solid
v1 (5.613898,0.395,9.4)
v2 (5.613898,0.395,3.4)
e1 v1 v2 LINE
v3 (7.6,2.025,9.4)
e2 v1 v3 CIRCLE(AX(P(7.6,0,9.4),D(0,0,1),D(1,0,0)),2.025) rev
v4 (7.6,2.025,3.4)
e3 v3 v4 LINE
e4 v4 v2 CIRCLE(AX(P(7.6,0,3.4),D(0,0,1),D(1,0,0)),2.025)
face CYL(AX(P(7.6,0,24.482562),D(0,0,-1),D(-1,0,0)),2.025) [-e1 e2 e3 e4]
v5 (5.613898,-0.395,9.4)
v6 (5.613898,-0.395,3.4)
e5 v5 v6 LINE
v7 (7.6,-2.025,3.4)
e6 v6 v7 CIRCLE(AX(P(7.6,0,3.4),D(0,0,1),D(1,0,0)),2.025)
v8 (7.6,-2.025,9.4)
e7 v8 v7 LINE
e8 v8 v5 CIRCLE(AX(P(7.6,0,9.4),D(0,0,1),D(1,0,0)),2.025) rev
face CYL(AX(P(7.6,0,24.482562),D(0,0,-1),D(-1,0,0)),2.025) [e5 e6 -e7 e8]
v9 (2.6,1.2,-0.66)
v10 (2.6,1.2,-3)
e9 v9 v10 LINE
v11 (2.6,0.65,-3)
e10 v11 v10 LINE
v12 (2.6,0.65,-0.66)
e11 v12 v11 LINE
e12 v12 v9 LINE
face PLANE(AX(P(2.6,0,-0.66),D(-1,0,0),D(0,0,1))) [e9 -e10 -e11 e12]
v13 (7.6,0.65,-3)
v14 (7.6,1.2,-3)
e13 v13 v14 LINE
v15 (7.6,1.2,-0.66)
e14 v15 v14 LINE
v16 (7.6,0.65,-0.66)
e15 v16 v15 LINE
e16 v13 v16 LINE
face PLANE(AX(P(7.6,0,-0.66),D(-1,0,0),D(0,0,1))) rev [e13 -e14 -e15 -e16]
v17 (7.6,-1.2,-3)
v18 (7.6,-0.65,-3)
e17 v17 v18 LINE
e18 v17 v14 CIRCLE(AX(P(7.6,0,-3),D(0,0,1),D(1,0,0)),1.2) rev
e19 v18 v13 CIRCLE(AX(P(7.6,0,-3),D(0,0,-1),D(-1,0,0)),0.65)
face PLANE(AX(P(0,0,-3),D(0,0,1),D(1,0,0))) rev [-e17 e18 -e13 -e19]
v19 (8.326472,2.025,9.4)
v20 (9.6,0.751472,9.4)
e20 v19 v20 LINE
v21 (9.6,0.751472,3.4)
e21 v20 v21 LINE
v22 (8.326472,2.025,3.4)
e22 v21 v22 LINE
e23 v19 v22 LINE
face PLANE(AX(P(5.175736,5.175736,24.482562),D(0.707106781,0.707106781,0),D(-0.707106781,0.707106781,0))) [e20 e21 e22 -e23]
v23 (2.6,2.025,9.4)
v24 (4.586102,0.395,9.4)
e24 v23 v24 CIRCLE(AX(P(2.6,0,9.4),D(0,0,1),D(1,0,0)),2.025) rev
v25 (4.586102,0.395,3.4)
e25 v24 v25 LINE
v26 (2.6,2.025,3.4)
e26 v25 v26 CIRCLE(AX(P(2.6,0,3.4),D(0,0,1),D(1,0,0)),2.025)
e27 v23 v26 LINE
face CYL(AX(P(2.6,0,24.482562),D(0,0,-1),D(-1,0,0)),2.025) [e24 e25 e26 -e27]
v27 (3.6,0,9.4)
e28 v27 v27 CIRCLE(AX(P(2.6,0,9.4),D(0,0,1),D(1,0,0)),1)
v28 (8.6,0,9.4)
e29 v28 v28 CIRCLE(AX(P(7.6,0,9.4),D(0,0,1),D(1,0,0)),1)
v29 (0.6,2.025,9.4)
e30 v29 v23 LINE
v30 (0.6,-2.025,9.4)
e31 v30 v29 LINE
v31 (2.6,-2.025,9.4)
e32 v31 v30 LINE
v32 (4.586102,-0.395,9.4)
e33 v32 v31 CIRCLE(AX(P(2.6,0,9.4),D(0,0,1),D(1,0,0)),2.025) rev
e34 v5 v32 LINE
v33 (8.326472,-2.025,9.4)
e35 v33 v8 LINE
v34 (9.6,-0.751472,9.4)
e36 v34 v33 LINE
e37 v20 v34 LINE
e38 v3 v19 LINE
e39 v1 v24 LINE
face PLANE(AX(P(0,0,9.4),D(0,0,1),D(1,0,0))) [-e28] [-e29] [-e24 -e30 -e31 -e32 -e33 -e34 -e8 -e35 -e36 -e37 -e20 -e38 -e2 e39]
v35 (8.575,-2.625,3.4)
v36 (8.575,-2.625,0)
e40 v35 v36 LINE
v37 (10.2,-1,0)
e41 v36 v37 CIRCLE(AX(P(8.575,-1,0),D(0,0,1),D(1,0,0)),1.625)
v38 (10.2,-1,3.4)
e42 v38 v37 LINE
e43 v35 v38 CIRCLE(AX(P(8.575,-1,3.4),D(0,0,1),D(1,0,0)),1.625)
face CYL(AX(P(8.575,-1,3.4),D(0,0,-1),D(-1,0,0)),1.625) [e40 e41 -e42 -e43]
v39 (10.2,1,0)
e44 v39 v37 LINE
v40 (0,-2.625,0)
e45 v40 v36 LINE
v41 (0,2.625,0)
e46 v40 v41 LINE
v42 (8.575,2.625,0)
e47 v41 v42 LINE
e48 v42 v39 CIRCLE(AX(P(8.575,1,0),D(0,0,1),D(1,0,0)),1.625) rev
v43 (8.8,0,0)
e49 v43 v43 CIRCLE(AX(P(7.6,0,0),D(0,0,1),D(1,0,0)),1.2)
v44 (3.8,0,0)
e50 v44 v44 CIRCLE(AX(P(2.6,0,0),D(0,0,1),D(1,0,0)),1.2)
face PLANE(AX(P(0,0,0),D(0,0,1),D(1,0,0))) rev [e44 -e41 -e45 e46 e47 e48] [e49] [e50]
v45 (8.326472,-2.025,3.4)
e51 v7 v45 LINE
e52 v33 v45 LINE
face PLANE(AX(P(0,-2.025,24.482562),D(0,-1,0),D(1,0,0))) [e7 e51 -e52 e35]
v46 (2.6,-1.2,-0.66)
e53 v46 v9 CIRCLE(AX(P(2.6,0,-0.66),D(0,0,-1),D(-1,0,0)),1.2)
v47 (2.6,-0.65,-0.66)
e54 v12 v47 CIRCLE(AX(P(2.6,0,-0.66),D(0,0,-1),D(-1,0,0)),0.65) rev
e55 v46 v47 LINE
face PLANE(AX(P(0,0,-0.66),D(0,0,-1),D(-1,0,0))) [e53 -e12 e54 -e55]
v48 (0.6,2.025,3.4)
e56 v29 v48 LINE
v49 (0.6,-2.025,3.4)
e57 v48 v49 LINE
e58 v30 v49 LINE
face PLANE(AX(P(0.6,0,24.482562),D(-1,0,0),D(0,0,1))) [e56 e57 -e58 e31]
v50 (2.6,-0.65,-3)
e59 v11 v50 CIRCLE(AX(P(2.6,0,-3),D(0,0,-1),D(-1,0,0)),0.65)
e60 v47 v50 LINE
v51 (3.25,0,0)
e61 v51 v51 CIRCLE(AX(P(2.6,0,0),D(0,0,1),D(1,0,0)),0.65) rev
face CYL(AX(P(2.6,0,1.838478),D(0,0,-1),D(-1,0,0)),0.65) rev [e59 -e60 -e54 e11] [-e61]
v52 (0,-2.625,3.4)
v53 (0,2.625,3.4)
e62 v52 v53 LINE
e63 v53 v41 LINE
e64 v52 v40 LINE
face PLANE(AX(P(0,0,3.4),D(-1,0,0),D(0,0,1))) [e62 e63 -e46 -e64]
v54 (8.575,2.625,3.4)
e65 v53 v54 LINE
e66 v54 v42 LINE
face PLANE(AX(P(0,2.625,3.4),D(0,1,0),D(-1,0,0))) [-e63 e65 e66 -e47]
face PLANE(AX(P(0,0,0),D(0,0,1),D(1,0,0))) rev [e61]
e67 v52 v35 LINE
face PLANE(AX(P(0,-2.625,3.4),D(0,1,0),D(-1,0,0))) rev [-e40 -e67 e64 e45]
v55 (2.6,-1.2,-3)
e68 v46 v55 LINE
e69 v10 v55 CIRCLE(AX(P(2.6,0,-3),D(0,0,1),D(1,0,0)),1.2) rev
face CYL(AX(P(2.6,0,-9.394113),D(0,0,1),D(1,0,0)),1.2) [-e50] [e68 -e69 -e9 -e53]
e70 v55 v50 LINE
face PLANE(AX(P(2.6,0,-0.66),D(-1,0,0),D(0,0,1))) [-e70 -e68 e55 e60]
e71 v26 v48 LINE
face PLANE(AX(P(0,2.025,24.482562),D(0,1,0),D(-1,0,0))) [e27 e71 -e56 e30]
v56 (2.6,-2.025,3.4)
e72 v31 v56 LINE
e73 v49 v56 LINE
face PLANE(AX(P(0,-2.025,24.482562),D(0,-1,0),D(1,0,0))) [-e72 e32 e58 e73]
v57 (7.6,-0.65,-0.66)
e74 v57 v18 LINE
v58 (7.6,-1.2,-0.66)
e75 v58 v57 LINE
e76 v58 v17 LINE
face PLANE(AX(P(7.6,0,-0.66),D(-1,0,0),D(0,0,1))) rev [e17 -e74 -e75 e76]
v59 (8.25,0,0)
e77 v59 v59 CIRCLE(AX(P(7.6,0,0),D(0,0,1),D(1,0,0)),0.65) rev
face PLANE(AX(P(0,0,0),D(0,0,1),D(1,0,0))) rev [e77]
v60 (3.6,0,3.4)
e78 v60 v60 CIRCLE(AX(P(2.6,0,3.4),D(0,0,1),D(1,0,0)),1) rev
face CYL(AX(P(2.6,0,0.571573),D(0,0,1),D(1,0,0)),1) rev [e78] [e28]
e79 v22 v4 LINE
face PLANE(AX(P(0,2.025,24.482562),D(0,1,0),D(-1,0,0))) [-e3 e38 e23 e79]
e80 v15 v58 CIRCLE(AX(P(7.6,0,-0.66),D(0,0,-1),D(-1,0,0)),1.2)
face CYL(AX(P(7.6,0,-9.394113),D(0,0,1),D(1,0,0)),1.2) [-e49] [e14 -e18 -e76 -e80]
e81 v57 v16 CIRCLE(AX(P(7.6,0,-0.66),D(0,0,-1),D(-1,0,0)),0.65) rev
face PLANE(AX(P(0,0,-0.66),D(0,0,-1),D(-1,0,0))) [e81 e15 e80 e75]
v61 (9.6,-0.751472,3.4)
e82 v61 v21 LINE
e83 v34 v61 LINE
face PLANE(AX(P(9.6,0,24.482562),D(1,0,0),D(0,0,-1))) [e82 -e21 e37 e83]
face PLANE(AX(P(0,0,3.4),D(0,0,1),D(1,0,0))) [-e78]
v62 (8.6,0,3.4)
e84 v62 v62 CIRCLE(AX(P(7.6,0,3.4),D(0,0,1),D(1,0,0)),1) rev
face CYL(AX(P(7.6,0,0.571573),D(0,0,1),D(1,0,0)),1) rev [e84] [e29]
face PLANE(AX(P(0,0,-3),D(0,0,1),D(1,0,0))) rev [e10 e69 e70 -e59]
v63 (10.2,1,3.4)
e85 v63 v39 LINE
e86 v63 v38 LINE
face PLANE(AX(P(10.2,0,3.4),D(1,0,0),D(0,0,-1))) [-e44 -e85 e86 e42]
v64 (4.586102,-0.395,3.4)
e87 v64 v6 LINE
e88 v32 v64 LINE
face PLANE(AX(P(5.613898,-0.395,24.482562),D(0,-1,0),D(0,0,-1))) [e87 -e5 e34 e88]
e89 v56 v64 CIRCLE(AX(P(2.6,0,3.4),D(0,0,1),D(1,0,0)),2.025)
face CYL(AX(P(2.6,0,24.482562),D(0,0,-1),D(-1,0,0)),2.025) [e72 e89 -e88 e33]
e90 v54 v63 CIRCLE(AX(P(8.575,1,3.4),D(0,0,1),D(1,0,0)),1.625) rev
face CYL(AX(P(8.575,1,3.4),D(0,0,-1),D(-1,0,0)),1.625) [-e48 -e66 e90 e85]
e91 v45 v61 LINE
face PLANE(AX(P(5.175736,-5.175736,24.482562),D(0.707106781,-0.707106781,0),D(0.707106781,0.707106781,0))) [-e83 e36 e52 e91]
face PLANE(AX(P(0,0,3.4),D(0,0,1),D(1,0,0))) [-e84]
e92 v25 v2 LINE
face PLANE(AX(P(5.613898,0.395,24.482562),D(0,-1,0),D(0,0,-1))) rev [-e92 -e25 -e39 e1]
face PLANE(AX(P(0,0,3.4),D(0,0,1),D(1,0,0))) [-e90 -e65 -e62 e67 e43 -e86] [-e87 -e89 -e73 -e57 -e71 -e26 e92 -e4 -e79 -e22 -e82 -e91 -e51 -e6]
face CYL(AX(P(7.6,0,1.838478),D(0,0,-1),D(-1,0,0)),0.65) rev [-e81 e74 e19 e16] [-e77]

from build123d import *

# Parameters (mm, degrees)
SKETCH1_R           = 1
BOSS_EXTRUDE1_DEPTH = 3.4
BOSS_EXTRUDE3_DEPTH = 8.4
SKETCH5_R           = 1.2
BOSS_EXTRUDE6_DEPTH = 12.4
SKETCH6_R           = 0.65
CUT_EXTRUDE2_DEPTH  = 3
CUT_EXTRUDE3_START  = -2.34
CUT_EXTRUDE3_DEPTH  = 2.34
SKETCH8_R           = 1
CUT_EXTRUDE4_DEPTH  = 6


with BuildPart() as part:
    # Sketch1 → Boss-Extrude1 (new body)
    # profile 1 of 4: a face of its own
    with BuildSketch(Plane.XY):
        with BuildLine():
            Line((0, -2.625), (0, 2.625))
            Line((0, 2.625), (8.575, 2.625))
            ThreePointArc((8.575, 2.625), (9.724048519, 2.149048519), (10.2, 1))
            Line((10.2, 1), (10.2, -1))
            ThreePointArc((10.2, -1), (9.724048519, -2.149048519), (8.575, -2.625))
            Line((8.575, -2.625), (0, -2.625))
        make_face()
        Polygon((0.5, -2.125), (8.367893219, -2.125), (9.7, -0.792893219), (9.7, 0.792893219), (8.367893219, 2.125), (0.5, 2.125), align=None, mode=Mode.SUBTRACT)
    # profile 2 of 4: a face of its own
    with BuildSketch(Plane.XY):
        Polygon((0.5, -2.125), (0.5, 2.125), (8.367893219, 2.125), (9.7, 0.792893219), (9.7, -0.792893219), (8.367893219, -2.125), align=None)
        with Locations((2.6, 0)):
            Circle(SKETCH1_R, mode=Mode.SUBTRACT)
        with Locations((7.6, 0)):
            Circle(SKETCH1_R, mode=Mode.SUBTRACT)
    # profile 3 of 4: a face of its own
    with BuildSketch(Plane.XY):
        with Locations((7.6, 0)):
            Circle(SKETCH1_R)
    # profile 4 of 4: a face of its own
    with BuildSketch(Plane.XY):
        with Locations((2.6, 0)):
            Circle(SKETCH1_R)
    extrude(amount=BOSS_EXTRUDE1_DEPTH)

    # Sketch3 → Boss-Extrude3 (add)
    with BuildSketch(Plane(origin=(0, 0, 1), x_dir=(-1, 0, 0), z_dir=(0, 0, -1))):
        with BuildLine():
            Line((-5.613898291, -0.395), (-4.586101709, -0.395))
            ThreePointArc((-4.586101709, -0.395), (-3.884669218, -1.565327442), (-2.6, -2.025))
            Line((-2.6, -2.025), (-0.6, -2.025))
            Line((-0.6, -2.025), (-0.6, 2.025))
            Line((-0.6, 2.025), (-2.6, 2.025))
            ThreePointArc((-2.6, 2.025), (-3.884669218, 1.565327442), (-4.586101709, 0.395))
            Line((-4.586101709, 0.395), (-5.613898291, 0.395))
            ThreePointArc((-5.613898291, 0.395), (-6.315330782, 1.565327442), (-7.6, 2.025))
            Line((-7.6, 2.025), (-8.326471863, 2.025))
            Line((-8.326471863, 2.025), (-9.6, 0.751471863))
            Line((-9.6, 0.751471863), (-9.6, -0.751471863))
            Line((-9.6, -0.751471863), (-8.326471863, -2.025))
            Line((-8.326471863, -2.025), (-7.6, -2.025))
            ThreePointArc((-7.6, -2.025), (-6.315330782, -1.565327442), (-5.613898291, -0.395))
        make_face()
    extrude(amount=-BOSS_EXTRUDE3_DEPTH)

    # Sketch5 → Boss-Extrude6 (add)
    with BuildSketch(Plane.XY.offset(9.4)):
        with Locations((7.6, 0)):
            Circle(SKETCH5_R)
        with Locations((2.6, 0)):
            Circle(SKETCH5_R)
    extrude(amount=-BOSS_EXTRUDE6_DEPTH)

    # Sketch6 → Cut-Extrude2 (cut)
    with BuildSketch(Plane(origin=(0, 0, -3), x_dir=(-1, 0, 0), z_dir=(0, 0, -1))):
        with Locations((-7.6, 0)):
            Circle(SKETCH6_R)
        with Locations((-2.6, 0)):
            Circle(SKETCH6_R)
    extrude(amount=-CUT_EXTRUDE2_DEPTH, mode=Mode.SUBTRACT)

    # Sketch7 → Cut-Extrude3 (cut)
    with BuildSketch(Plane(origin=(0, 0, -3), x_dir=(-1, 0, 0), z_dir=(0, 0, -1)).offset(CUT_EXTRUDE3_START)):
        with BuildLine():
            Line((-2.6, -0.65), (-2.6, -1.2))
            ThreePointArc((-2.6, -1.2), (-1.751471863, -0.848528137), (-1.4, 0))
            ThreePointArc((-1.4, 0), (-1.751471863, 0.848528137), (-2.6, 1.2))
            Line((-2.6, 1.2), (-2.6, 0.65))
            ThreePointArc((-2.6, 0.65), (-2.140380592, 0.459619408), (-1.95, 0))
            ThreePointArc((-1.95, 0), (-2.140380592, -0.459619408), (-2.6, -0.65))
        make_face()
        with BuildLine():
            ThreePointArc((-7.6, 1.2), (-8.8, 0), (-7.6, -1.2))
            Line((-7.6, -1.2), (-7.6, 1.2))
        make_face()
    extrude(amount=CUT_EXTRUDE3_DEPTH, mode=Mode.SUBTRACT)

    # Sketch8 → Cut-Extrude4 (cut)
    with BuildSketch(Plane.XY.offset(9.4)):
        with Locations((7.6, 0)):
            Circle(SKETCH8_R)
        with Locations((2.6, 0)):
            Circle(SKETCH8_R)
    extrude(amount=-CUT_EXTRUDE4_DEPTH, mode=Mode.SUBTRACT)


solid = part.part
